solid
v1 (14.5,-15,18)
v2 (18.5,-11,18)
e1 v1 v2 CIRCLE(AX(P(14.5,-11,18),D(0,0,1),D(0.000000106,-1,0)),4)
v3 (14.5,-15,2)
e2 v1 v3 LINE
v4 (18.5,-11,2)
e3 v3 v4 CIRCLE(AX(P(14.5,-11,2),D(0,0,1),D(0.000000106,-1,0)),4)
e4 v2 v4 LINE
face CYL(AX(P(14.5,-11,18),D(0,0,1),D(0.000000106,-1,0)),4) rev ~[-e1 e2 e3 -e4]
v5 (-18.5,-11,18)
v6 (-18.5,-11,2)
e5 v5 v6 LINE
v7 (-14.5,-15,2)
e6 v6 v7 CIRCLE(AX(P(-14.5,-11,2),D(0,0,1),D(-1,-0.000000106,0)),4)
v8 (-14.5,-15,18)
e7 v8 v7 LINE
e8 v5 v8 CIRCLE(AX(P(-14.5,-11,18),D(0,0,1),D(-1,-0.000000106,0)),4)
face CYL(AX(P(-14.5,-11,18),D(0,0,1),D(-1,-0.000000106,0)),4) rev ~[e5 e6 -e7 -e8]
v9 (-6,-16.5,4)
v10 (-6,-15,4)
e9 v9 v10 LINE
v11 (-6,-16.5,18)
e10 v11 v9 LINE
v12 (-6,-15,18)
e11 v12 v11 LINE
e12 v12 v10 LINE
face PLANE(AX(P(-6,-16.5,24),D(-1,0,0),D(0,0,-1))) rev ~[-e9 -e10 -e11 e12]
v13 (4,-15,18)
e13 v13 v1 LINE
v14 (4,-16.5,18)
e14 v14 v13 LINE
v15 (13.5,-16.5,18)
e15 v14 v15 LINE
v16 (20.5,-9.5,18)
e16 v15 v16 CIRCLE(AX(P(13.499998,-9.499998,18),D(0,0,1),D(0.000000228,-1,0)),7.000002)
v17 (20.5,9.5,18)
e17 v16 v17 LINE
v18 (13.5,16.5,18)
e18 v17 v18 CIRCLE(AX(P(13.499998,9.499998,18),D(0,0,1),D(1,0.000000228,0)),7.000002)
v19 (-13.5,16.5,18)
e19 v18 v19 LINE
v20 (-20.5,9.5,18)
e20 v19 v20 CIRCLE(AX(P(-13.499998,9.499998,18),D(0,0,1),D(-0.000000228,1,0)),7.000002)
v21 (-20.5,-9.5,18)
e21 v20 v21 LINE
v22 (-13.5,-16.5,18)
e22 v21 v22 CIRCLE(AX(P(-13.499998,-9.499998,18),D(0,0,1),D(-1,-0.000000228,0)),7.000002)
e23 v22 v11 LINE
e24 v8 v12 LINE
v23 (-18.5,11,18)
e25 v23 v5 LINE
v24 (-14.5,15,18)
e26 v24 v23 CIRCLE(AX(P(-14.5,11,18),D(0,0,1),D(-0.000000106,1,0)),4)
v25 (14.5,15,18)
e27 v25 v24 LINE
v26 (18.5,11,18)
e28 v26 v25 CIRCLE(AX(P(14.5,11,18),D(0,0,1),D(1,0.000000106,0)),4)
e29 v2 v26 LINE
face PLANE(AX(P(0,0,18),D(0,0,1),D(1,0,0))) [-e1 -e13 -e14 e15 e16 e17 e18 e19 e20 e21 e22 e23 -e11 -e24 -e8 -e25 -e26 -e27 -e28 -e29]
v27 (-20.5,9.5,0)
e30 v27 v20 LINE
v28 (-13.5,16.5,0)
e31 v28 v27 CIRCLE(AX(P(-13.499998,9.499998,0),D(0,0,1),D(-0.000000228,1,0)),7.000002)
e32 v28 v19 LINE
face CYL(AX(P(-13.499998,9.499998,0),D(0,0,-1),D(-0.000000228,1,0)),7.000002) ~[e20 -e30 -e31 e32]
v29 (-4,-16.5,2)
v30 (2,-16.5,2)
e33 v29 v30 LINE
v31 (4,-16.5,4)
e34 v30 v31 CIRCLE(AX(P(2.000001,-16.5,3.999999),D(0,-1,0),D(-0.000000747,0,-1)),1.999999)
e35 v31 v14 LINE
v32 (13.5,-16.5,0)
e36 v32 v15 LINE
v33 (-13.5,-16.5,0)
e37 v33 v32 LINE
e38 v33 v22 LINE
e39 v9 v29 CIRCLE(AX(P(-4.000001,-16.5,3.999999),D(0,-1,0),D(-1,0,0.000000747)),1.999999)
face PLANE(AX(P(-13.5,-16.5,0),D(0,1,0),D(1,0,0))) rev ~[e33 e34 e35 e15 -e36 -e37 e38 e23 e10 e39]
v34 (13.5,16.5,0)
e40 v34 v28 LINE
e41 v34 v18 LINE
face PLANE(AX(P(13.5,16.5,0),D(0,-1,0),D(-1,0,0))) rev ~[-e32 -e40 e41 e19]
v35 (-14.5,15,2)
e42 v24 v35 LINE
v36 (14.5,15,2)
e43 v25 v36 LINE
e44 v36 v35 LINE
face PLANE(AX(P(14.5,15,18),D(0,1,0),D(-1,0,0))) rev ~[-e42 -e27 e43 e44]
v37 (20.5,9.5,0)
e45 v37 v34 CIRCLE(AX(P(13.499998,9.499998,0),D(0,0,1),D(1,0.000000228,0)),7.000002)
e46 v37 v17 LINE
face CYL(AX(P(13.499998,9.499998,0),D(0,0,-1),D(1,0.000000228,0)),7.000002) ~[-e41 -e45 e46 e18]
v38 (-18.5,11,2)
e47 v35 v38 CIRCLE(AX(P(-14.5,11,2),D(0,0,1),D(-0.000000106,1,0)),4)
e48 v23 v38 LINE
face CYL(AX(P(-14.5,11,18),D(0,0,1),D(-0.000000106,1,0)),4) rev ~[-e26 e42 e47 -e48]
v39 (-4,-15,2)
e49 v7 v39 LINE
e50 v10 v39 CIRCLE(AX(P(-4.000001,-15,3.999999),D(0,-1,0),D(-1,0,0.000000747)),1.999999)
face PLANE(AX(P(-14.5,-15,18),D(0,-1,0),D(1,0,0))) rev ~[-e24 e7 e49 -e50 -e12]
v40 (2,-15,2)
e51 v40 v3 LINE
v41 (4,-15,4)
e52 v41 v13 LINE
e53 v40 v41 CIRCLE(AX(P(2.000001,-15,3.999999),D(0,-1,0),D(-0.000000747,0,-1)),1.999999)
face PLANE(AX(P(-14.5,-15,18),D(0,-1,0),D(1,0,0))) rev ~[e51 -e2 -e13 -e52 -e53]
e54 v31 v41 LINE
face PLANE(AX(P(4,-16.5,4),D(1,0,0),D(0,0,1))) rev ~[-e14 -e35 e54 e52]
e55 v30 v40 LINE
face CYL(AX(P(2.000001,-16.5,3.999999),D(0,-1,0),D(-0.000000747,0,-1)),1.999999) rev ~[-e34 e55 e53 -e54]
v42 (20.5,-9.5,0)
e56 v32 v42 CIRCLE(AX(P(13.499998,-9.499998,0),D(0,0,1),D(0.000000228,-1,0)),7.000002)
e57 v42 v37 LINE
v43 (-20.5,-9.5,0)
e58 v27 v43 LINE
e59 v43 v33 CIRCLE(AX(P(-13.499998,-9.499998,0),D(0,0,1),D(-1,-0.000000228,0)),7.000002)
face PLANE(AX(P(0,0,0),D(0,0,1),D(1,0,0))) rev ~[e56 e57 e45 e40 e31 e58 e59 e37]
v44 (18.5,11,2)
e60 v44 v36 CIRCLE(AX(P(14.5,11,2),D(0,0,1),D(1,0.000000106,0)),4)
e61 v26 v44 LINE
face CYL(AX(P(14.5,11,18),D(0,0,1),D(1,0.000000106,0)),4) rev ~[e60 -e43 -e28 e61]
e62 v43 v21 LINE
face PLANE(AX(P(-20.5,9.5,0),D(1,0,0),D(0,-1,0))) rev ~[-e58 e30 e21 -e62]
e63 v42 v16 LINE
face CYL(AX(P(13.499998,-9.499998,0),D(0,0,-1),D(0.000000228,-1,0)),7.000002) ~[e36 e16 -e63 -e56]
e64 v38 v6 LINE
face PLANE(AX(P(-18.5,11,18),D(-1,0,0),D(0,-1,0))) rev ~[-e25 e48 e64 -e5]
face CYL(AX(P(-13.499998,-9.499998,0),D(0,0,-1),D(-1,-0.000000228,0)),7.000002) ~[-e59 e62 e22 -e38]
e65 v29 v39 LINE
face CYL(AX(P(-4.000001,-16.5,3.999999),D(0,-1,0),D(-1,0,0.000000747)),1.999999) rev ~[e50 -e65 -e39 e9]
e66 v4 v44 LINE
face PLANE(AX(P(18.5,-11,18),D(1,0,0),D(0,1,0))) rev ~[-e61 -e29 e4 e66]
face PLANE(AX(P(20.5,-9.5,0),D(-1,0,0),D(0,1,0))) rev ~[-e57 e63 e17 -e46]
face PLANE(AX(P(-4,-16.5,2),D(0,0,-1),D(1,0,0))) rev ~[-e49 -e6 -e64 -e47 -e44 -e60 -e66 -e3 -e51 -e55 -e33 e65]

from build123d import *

# Parameters (mm, degrees)
PAD_DEPTH       = 18
POCKET_DEPTH    = 16
POCKET001_DEPTH = 5


with BuildPart() as part:
    # Sketch → Pad (new body)
    with BuildSketch(Plane.XY):
        with BuildLine():
            Line((-13.5, -16.5), (13.5, -16.5))
            ThreePointArc((13.5, -16.5), (18.449747, -14.449747), (20.5, -9.5))
            Line((20.5, -9.5), (20.5, 9.5))
            ThreePointArc((20.5, 9.5), (18.449747, 14.449747), (13.5, 16.5))
            Line((13.5, 16.5), (-13.5, 16.5))
            ThreePointArc((-13.5, 16.5), (-18.449747, 14.449747), (-20.5, 9.5))
            Line((-20.5, 9.5), (-20.5, -9.5))
            ThreePointArc((-20.5, -9.5), (-18.449747, -14.449747), (-13.5, -16.5))
        make_face()
    extrude(amount=PAD_DEPTH)

    # Sketch001 (on Face10 of Pad) → Pocket (cut)
    with BuildSketch(Plane.XY.offset(18)):
        with BuildLine():
            Line((-18.5, 11), (-18.5, -11))
            ThreePointArc((-18.5, -11), (-17.328427, -13.828427), (-14.5, -15))
            Line((-14.5, -15), (14.5, -15))
            ThreePointArc((14.5, -15), (17.328427, -13.828427), (18.5, -11))
            Line((18.5, -11), (18.5, 11))
            ThreePointArc((18.5, 11), (17.328427, 13.828427), (14.5, 15))
            Line((14.5, 15), (-14.5, 15))
            ThreePointArc((-14.5, 15), (-17.328427, 13.828427), (-18.5, 11))
        make_face()
    extrude(amount=-POCKET_DEPTH, mode=Mode.SUBTRACT)

    # Sketch002 (on Face1 of Pocket) → Pocket001 (cut)
    with BuildSketch(Plane.XZ.offset(16.5)):
        with BuildLine():
            Line((-6, 24), (-6, 4))
            ThreePointArc((-6, 4), (-5.414214, 2.585786), (-4, 2))
            Line((-4, 2), (2, 2))
            ThreePointArc((2, 2), (3.414214, 2.585786), (4, 4))
            Line((4, 4), (4, 24))
            ThreePointArc((4, 24), (3.414214, 25.414214), (2, 26))
            Line((2, 26), (-4, 26))
            ThreePointArc((-4, 26), (-5.414214, 25.414214), (-6, 24))
        make_face()
    extrude(amount=-POCKET001_DEPTH, mode=Mode.SUBTRACT)


solid = part.part
